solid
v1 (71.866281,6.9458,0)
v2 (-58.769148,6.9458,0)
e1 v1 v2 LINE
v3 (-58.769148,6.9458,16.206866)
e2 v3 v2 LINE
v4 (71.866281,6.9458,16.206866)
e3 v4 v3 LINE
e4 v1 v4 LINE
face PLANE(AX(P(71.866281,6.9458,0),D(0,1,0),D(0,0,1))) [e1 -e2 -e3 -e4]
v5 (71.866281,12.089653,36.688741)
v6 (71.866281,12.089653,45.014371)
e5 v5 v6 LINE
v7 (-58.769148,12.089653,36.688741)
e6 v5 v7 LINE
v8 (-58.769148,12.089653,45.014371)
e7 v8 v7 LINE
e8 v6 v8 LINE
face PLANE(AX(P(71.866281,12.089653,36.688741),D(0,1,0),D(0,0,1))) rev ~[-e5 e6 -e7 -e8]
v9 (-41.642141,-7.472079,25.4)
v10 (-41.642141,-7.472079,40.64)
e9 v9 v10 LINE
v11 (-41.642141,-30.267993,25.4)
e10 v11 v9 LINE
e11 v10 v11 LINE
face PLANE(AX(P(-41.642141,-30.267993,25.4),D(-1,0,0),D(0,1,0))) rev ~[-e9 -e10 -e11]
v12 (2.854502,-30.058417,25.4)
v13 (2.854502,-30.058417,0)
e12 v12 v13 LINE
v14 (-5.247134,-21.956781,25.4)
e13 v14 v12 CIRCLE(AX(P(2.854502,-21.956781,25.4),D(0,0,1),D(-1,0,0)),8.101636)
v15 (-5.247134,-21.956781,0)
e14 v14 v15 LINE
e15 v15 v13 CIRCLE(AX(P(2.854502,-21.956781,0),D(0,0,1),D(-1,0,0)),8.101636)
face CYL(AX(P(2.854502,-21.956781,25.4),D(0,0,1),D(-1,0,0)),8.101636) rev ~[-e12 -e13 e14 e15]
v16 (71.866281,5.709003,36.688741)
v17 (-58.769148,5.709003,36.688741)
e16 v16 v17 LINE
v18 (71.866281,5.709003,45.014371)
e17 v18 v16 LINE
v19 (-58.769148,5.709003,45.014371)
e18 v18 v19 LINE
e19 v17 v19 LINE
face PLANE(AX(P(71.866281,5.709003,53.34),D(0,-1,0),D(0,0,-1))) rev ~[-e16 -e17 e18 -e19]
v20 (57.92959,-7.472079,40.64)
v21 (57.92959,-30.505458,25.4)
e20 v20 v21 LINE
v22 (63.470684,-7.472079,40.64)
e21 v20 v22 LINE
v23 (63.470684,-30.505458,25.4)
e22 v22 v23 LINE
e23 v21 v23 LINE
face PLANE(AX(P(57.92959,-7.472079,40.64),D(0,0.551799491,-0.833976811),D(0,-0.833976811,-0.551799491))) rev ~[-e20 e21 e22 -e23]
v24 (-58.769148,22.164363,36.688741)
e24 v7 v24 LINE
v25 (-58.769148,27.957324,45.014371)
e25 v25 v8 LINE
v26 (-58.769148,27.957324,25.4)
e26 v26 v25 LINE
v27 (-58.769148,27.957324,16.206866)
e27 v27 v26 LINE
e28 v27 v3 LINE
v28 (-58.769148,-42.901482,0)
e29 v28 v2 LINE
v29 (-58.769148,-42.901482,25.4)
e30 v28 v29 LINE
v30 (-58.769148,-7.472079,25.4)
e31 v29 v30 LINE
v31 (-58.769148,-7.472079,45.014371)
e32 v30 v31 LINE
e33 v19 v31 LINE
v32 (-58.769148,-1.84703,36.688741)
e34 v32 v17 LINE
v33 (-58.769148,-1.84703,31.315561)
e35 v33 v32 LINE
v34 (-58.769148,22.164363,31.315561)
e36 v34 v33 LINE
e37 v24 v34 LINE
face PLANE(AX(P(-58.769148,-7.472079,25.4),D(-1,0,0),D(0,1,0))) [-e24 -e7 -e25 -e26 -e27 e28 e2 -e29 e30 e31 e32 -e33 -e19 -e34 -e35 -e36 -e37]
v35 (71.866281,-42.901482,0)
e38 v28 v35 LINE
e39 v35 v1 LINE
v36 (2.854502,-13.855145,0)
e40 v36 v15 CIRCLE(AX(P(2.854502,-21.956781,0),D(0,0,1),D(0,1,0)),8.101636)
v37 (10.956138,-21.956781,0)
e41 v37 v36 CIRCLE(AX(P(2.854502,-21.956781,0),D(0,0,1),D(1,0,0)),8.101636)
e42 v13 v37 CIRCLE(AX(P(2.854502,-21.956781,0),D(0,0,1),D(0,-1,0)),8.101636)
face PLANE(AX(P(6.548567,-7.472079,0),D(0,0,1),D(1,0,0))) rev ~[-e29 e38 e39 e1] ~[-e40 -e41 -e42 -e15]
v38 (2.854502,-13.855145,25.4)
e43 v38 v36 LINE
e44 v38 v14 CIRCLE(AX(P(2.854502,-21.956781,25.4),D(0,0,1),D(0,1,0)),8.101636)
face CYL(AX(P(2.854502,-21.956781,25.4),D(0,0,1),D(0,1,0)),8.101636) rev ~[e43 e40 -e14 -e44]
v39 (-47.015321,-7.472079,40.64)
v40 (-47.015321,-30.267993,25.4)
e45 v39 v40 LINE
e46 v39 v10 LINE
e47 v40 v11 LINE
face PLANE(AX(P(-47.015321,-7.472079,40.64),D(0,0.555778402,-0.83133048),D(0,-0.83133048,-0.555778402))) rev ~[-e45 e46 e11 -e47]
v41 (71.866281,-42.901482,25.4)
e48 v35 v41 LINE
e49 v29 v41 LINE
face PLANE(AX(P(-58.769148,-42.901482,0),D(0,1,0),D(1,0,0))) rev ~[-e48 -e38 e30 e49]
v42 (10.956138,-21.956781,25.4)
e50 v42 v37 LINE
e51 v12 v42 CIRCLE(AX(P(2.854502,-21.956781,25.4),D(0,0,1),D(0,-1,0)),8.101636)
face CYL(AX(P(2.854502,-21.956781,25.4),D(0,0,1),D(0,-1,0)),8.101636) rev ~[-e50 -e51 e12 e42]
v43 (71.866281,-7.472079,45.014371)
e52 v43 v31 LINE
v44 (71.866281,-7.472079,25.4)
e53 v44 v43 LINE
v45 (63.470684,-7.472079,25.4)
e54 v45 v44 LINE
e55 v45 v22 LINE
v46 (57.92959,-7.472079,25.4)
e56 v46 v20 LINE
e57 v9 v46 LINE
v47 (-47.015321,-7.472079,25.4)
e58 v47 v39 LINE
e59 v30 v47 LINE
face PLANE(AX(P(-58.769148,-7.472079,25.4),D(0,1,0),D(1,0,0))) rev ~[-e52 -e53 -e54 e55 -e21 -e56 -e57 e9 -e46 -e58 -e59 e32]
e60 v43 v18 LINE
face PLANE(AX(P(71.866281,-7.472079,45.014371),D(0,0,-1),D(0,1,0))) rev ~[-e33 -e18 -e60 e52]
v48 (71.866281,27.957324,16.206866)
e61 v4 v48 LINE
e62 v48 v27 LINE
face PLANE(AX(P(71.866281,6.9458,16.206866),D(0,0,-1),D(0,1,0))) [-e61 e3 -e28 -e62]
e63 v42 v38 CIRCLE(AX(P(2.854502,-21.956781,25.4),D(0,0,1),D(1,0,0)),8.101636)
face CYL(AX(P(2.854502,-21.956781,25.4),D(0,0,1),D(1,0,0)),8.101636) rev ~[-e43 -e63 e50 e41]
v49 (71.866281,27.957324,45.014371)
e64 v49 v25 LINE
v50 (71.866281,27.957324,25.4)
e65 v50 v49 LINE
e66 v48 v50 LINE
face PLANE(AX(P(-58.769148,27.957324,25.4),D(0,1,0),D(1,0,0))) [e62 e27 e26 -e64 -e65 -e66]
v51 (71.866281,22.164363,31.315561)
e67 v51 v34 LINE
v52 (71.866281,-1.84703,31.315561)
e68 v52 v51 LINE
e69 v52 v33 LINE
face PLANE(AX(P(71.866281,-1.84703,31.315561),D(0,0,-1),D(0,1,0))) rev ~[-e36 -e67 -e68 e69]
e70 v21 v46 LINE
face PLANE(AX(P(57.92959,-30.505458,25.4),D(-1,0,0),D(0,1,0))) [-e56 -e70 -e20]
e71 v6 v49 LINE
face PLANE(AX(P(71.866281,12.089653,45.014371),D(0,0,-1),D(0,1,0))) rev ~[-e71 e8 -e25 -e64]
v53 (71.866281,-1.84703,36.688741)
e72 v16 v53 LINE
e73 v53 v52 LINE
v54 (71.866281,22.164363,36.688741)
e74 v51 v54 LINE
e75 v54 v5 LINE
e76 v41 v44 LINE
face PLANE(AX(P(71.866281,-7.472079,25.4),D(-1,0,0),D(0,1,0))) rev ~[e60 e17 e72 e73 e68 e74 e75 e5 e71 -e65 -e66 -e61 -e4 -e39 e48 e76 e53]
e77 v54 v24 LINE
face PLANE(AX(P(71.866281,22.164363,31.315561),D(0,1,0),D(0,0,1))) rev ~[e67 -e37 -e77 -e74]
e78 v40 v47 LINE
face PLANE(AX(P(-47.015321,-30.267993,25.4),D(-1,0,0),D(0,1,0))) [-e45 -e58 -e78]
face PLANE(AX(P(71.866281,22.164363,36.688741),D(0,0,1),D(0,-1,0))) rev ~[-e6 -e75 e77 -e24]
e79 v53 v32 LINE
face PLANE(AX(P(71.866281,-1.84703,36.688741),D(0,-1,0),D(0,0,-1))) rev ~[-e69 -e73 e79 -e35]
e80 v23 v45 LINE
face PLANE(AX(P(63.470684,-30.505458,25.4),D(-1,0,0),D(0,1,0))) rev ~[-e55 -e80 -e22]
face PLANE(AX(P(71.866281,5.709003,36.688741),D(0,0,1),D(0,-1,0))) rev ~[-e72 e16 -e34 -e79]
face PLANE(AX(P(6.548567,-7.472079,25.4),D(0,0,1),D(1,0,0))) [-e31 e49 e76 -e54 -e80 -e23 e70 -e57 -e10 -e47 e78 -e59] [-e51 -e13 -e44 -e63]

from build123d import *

# Parameters (mm, degrees)
F0_W      = 130.6354291737
F0_H      = 70.8588063717
F1_DEPTH  = 25.4
F2_W      = 21.0115239024
F2_H      = 16.2068661302
F3_DEPTH  = 139.7
F4_W      = 130.6354291737
F4_H      = 35.4294031858
F5_DEPTH  = 27.94
F7_DEPTH  = 157.48
F8_W      = 13.1810824387
F8_H      = 8.3256293517
F8_W_2    = 15.867670998
F9_DEPTH  = 147.32
F10_W     = 5.3731799126
F10_H     = 22.795913741
F11_DEPTH = 15.24
F13_DEPTH = 25.4
F14_W     = 5.5410936475
F14_H     = 23.0333786458
F15_DEPTH = 15.24
F17_DEPTH = 25.4
F19_DEPTH = 45.72


with BuildPart() as f1:
    # F0 (on Top) → F1 (new body)
    with BuildSketch(Plane.XY):
        with Locations((6.5485667437, -7.4720792472)):
            Rectangle(F0_W, F0_H)
    extrude(amount=F1_DEPTH)

    # F2 (on face) → F3 (cut)
    with BuildSketch(Plane.YZ.offset(71.8662813306)):
        with Locations((17.4515619874, 8.1034330651)):
            Rectangle(F2_W, F2_H)
    extrude(amount=-F3_DEPTH, mode=Mode.SUBTRACT)

    # F4 (on face) → F5 (join)
    with BuildSketch(Plane.XY.offset(25.4)):
        with Locations((6.5485667437, 10.2426223457)):
            Rectangle(F4_W, F4_H)
    extrude(amount=F5_DEPTH)

    # F6 (on face) → F7 (cut)
    with BuildSketch(Plane.YZ.offset(71.8662813306)):
        Polygon((12.0896529406, 53.34), (5.7090031914, 53.34), (5.7090031914, 36.6887412965), (-1.8470302457, 36.6887412965), (-1.8470302457, 31.315561384), (22.164363414, 31.315561384), (22.164363414, 36.6887412965), (12.0896529406, 36.6887412965), align=None)
    extrude(amount=-F7_DEPTH, mode=Mode.SUBTRACT)

    # F8 (on face) → F9 (cut)
    with BuildSketch(Plane.YZ.offset(71.8662813306)):
        with Locations((-0.8815380279, 49.1771853241)):
            Rectangle(F8_W, F8_H)
        with Locations((20.0234884396, 49.1771853241)):
            Rectangle(F8_W_2, F8_H)
    extrude(amount=-F9_DEPTH, mode=Mode.SUBTRACT)

    # F10 (on face) → F11 (join)
    with BuildSketch(Plane.XY.offset(25.4)):
        with Locations((-44.3287305534, -18.8700361177)):
            Rectangle(F10_W, F10_H)
    extrude(amount=F11_DEPTH)

    # F12 (on face) → F13 (cut)
    with BuildSketch(Plane(origin=(-47.0153205097, 0, 0), x_dir=(0, -1, 0), z_dir=(-1, 0, 0))):
        Polygon((30.2679929882, 40.64), (7.4720792472, 40.64), (30.2679929882, 25.4), align=None)
    extrude(amount=-F13_DEPTH, mode=Mode.SUBTRACT)

    # F14 (on face) → F15 (join)
    with BuildSketch(Plane.XY.offset(25.4)):
        with Locations((60.7001371682, -18.9887685701)):
            Rectangle(F14_W, F14_H)
    extrude(amount=F15_DEPTH)

    # F16 (on face) → F17 (cut)
    with BuildSketch(Plane(origin=(57.9295903444, 0, 0), x_dir=(0, -1, 0), z_dir=(-1, 0, 0))):
        Polygon((30.505457893, 40.64), (7.4720792472, 40.64), (30.505457893, 25.4), align=None)
    extrude(amount=-F17_DEPTH, mode=Mode.SUBTRACT)

    # F18 (on face) → F19 (cut)
    with BuildSketch(Plane.XY.offset(25.4)):
        with BuildLine():
            Line((-5.2471338319, -21.9567809254), (2.8545020614, -21.9567809254))
            Line((2.8545020614, -21.9567809254), (2.8545020614, -13.8551450321))
            ThreePointArc((2.8545020614, -13.8551450321), (-2.8742196175, -16.2280592466), (-5.2471338319, -21.9567809254))
        make_face()
        with BuildLine():
            Line((2.8545020614, -13.8551450321), (2.8545020614, -21.9567809254))
            Line((2.8545020614, -21.9567809254), (10.9561379547, -21.9567809254))
            ThreePointArc((10.9561379547, -21.9567809254), (8.5832237402, -16.2280592466), (2.8545020614, -13.8551450321))
        make_face()
        with BuildLine():
            Line((2.8545020614, -30.0584168187), (2.8545020614, -21.9567809254))
            Line((2.8545020614, -21.9567809254), (-5.2471338319, -21.9567809254))
            ThreePointArc((-5.2471338319, -21.9567809254), (-2.8742196175, -27.6855026042), (2.8545020614, -30.0584168187))
        make_face()
        with BuildLine():
            Line((10.9561379547, -21.9567809254), (2.8545020614, -21.9567809254))
            Line((2.8545020614, -21.9567809254), (2.8545020614, -30.0584168187))
            ThreePointArc((2.8545020614, -30.0584168187), (8.5832237402, -27.6855026042), (10.9561379547, -21.9567809254))
        make_face()
    extrude(amount=-F19_DEPTH, mode=Mode.SUBTRACT)


solid = f1.part
